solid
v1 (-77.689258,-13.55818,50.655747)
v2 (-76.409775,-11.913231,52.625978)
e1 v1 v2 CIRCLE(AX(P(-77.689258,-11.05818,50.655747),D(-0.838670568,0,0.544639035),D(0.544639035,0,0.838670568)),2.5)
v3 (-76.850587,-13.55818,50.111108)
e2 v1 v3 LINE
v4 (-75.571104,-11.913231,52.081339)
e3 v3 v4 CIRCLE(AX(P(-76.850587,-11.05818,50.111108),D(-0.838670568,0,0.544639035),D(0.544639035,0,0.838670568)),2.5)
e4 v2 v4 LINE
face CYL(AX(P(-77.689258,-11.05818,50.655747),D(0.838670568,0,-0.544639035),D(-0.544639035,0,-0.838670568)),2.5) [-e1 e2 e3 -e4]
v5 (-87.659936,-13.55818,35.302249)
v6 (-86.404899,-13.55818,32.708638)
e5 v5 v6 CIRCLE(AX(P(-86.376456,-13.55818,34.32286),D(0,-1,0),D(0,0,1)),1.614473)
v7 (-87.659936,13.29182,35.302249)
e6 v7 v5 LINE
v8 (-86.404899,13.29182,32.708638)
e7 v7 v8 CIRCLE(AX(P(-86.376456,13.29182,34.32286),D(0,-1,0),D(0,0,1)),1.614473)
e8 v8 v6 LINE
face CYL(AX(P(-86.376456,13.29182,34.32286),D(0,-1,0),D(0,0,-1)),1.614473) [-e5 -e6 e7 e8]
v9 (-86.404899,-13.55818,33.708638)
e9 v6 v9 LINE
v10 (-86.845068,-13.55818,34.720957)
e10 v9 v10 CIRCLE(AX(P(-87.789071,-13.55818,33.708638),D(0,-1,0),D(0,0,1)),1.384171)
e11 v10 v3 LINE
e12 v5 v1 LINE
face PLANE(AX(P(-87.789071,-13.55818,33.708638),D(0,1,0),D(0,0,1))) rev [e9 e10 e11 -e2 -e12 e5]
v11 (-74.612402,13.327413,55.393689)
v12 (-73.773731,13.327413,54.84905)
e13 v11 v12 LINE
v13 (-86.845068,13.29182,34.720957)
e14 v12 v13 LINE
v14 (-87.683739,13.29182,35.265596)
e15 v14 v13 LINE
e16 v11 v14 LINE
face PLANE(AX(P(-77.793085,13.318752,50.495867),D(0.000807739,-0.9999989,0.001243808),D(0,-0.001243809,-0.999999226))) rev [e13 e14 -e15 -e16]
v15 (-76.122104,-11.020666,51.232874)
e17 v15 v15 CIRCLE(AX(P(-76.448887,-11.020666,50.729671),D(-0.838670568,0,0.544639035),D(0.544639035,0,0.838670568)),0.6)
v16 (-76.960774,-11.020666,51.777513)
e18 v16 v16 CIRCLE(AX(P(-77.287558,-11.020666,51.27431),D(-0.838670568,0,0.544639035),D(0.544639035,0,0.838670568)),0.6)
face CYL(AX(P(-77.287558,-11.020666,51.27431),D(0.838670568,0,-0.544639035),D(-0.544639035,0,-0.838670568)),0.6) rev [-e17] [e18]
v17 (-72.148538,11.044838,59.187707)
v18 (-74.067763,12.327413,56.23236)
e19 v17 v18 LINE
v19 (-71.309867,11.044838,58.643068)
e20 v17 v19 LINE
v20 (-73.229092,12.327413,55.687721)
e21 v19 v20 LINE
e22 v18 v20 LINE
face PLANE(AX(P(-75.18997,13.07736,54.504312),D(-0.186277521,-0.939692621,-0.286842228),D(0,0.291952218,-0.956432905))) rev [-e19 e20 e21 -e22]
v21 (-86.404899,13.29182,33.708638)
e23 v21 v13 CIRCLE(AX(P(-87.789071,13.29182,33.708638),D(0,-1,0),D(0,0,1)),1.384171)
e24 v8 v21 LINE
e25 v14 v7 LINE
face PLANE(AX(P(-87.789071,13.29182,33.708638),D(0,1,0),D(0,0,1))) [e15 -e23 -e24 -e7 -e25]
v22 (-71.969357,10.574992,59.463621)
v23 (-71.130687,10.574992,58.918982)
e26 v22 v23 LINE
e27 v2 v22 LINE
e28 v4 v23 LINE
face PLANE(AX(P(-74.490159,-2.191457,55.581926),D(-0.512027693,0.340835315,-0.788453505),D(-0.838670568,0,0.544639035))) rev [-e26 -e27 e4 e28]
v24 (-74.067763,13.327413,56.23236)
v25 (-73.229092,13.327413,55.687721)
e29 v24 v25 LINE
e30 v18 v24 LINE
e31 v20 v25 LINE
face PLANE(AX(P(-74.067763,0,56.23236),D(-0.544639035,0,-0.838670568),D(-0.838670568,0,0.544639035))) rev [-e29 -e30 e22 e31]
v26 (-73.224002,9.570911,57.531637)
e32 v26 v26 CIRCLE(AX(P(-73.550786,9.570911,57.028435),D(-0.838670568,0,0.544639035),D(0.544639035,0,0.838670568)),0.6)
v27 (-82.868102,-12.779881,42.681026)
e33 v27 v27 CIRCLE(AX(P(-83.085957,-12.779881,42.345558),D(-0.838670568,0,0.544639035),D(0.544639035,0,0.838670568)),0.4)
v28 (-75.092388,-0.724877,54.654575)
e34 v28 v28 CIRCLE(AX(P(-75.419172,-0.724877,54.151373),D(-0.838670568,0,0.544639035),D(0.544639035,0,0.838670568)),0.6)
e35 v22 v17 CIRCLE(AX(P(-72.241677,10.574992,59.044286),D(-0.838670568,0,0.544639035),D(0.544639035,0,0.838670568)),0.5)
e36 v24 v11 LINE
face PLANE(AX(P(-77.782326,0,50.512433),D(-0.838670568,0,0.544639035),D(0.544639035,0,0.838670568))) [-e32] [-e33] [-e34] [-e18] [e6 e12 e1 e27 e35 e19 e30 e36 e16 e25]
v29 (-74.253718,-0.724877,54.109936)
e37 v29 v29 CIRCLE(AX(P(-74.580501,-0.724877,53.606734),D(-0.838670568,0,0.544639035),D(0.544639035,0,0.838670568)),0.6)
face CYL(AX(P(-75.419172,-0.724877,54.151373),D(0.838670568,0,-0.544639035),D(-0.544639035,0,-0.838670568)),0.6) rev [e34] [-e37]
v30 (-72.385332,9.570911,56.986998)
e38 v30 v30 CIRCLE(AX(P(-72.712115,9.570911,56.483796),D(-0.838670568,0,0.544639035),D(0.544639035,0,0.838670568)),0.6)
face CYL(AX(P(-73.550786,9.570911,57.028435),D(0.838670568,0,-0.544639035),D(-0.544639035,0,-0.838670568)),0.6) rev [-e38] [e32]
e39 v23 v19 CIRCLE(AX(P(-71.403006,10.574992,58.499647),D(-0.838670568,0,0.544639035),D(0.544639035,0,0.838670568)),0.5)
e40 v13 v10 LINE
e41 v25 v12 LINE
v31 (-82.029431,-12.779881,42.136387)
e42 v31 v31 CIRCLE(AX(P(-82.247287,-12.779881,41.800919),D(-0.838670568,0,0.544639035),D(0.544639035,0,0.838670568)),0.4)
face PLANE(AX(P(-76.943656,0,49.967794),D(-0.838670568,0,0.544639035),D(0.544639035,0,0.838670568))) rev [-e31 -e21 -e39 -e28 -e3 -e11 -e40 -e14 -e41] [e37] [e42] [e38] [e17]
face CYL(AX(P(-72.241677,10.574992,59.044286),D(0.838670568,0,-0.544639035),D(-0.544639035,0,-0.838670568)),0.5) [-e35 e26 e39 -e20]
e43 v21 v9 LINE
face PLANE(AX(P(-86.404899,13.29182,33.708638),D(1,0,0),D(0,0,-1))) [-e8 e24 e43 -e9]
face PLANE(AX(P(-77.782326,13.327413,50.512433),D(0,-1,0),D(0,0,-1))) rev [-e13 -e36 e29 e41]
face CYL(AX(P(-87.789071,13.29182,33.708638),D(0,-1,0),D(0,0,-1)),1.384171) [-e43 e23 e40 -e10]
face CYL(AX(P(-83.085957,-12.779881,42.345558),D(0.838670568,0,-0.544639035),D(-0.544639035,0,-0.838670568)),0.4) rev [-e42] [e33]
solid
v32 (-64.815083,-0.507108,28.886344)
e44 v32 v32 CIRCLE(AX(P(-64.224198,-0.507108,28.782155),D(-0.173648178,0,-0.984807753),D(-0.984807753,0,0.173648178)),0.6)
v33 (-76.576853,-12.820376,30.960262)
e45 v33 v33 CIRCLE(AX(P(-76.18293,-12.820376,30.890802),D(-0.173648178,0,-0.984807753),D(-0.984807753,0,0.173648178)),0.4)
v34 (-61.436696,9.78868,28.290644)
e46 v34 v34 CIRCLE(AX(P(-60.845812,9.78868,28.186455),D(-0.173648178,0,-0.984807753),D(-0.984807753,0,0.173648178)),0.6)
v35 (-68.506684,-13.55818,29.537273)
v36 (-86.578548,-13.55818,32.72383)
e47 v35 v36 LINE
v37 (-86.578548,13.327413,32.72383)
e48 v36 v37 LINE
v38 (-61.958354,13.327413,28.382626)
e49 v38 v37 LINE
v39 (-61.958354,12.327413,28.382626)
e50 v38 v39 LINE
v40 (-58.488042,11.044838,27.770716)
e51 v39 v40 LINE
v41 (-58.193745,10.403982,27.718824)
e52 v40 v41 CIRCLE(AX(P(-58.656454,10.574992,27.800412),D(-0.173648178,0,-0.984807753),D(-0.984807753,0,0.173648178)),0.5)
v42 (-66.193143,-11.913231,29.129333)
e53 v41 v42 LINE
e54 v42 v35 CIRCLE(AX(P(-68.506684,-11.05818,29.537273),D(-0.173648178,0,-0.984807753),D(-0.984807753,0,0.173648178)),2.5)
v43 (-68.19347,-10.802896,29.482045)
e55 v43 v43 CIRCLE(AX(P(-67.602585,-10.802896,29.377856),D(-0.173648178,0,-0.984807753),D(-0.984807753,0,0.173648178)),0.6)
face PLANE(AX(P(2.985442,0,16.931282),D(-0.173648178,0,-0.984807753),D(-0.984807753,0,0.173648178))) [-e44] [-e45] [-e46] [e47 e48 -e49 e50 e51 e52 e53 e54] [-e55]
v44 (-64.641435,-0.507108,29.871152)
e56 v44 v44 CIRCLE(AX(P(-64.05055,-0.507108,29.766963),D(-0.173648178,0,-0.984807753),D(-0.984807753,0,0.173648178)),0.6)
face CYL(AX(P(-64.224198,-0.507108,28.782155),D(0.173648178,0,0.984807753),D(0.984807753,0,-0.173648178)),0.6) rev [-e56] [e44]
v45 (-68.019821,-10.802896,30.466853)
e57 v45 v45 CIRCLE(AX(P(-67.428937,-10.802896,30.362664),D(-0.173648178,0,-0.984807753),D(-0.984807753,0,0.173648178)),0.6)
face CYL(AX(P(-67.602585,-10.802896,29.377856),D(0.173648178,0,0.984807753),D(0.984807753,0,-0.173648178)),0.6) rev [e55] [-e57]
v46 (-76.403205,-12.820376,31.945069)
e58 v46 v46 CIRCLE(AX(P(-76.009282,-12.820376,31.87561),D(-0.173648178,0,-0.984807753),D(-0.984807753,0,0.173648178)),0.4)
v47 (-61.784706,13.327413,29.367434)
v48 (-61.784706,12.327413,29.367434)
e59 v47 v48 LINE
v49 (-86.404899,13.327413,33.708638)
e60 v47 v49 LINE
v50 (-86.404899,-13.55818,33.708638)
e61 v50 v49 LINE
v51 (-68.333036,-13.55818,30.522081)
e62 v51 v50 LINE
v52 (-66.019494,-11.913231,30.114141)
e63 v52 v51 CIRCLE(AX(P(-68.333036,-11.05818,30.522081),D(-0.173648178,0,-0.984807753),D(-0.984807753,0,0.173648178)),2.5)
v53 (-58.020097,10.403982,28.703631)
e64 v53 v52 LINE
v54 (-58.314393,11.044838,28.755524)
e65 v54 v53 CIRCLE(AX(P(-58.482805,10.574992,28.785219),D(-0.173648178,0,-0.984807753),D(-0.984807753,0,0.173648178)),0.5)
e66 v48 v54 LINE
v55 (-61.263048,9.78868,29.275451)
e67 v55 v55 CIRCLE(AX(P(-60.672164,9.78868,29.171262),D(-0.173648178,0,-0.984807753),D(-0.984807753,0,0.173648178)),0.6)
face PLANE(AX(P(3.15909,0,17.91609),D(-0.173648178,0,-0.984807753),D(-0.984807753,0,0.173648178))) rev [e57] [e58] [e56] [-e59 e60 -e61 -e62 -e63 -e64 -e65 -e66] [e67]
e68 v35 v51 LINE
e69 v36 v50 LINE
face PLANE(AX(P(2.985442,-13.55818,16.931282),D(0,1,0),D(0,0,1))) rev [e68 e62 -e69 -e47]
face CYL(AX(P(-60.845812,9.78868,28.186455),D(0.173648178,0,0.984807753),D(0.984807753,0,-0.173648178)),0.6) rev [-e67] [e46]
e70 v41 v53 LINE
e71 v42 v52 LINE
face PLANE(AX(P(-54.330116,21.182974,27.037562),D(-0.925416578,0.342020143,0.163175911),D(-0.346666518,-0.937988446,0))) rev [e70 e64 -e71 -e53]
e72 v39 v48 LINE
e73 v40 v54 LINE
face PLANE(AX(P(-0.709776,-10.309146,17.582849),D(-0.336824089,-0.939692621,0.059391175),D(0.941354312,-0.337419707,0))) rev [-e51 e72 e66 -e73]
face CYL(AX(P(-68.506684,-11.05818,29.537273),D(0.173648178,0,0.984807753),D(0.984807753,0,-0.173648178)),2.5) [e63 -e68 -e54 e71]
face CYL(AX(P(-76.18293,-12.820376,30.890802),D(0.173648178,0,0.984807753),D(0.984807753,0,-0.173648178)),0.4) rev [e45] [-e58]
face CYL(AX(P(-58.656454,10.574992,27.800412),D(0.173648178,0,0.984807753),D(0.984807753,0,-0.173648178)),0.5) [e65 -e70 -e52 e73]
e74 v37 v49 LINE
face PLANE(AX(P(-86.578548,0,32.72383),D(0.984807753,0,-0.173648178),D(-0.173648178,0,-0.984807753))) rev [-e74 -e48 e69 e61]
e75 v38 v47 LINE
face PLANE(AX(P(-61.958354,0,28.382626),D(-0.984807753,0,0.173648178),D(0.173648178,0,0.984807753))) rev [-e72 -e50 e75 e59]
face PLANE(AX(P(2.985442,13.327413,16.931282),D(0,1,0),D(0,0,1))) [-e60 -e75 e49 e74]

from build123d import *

# Parameters (mm, degrees)
SKETCH1_R           = 0.6
SKETCH1_R_2         = 0.4
BOSS_EXTRUDE2_DEPTH = 1
BOSS_EXTRUDE3_DEPTH = 26.85
SKETCH3_R           = 0.6
SKETCH3_R_2         = 0.4
BOSS_EXTRUDE4_DEPTH = 1


with BuildPart() as part:
    # Sketch1 → Boss-Extrude2 (new body)
    with BuildSketch(Plane(origin=(3.159090075, 0, 17.916090109), x_dir=(-0.9848077530122081, 0, 0.17364817766693075), z_dir=(-0.17364817766693075, 0, -0.9848077530122081))):
        with BuildLine():
            Line((72.595007279, -13.558180283), (90.945658345, -13.558180283))
            Line((90.945658345, -13.558180283), (90.945658345, -12.058180283))
            Line((90.945658345, -12.058180283), (90.945658345, 13.327413467))
            Line((90.945658345, 13.327413467), (66.945658345, 13.327413467))
            Line((66.945658345, 13.327413467), (65.945658345, 13.327413467))
            Line((65.945658345, 13.327413467), (65.945658345, 12.327413467))
            Line((65.945658345, 12.327413467), (62.421811017, 11.044837929))
            ThreePointArc((62.421811017, 11.044837929), (62.139667195, 10.78630075), (62.122974779, 10.403981547))
            Line((62.122974779, 10.403981547), (70.245775727, -11.913230641))
            ThreePointArc((70.245775727, -11.913230641), (71.161066188, -13.106060393), (72.595007279, -13.558180283))
        make_face()
        with Locations((71.67696085, -10.802896266)):
            Circle(SKETCH1_R, mode=Mode.SUBTRACT)
        with Locations((68.24645728, -0.507107991)):
            Circle(SKETCH1_R, mode=Mode.SUBTRACT)
        with Locations((80.389671463, -12.820376082)):
            Circle(SKETCH1_R_2, mode=Mode.SUBTRACT)
        with Locations((64.81595371, 9.788680284)):
            Circle(SKETCH1_R, mode=Mode.SUBTRACT)
    extrude(amount=BOSS_EXTRUDE2_DEPTH)


with BuildPart() as body_2:
    # Sketch2 → Boss-Extrude3 (new body)
    with BuildSketch(Plane(origin=(0, -13.558180283, 0), x_dir=(-1, 0, 0), z_dir=(0, -1, 0))):
        with BuildLine():
            Line((86.404899366, -33.708637947), (86.404899366, -32.708637947))
            ThreePointArc((86.404899366, -32.708637947), (87.857024455, -33.679090764), (87.576421786, -35.402955053))
            Line((87.576421786, -35.402955053), (86.845068084, -34.720956693))
            ThreePointArc((86.845068084, -34.720956693), (86.519702424, -34.260574933), (86.404899366, -33.708637947))
        make_face()
    extrude(amount=-BOSS_EXTRUDE3_DEPTH)

    # Sketch3 → Boss-Extrude4 (add)
    with BuildSketch(Plane(origin=(-76.943655908, 0, 49.967794395), x_dir=(0.5446390350150253, 0, 0.8386705679454252), z_dir=(-0.8386705679454252, 0, 0.5446390350150253))):
        with BuildLine():
            Line((-18.179769608, -13.558180283), (0.170881459, -13.558180283))
            ThreePointArc((0.170881459, -13.558180283), (1.604822549, -13.106060393), (2.520113011, -11.913230641))
            Line((2.520113011, -11.913230641), (10.673067649, 10.574991619))
            ThreePointArc((10.673067649, 10.574991619), (10.582643671, 10.861779837), (10.34407772, 11.044837929))
            Line((10.34407772, 11.044837929), (6.820230392, 12.327413467))
            Line((6.820230392, 12.327413467), (6.820230392, 13.327413467))
            Line((6.820230392, 13.327413467), (5.820230392, 13.327413467))
            Line((5.820230392, 13.327413467), (-18.179769608, 13.291819717))
            Line((-18.179769608, 13.291819717), (-18.179769608, -13.558180283))
        make_face()
        with Locations((4.338937547, -0.724877435)):
            Circle(SKETCH3_R, mode=Mode.SUBTRACT)
        with Locations((7.769441116, 9.57091084)):
            Circle(SKETCH3_R, mode=Mode.SUBTRACT)
        with Locations((0.908433977, -11.02066571)):
            Circle(SKETCH3_R, mode=Mode.SUBTRACT)
        with Locations((-9.737882362, -12.779880795)):
            Circle(SKETCH3_R_2, mode=Mode.SUBTRACT)
    extrude(amount=BOSS_EXTRUDE4_DEPTH)


solid = Compound([part.part, body_2.part])
